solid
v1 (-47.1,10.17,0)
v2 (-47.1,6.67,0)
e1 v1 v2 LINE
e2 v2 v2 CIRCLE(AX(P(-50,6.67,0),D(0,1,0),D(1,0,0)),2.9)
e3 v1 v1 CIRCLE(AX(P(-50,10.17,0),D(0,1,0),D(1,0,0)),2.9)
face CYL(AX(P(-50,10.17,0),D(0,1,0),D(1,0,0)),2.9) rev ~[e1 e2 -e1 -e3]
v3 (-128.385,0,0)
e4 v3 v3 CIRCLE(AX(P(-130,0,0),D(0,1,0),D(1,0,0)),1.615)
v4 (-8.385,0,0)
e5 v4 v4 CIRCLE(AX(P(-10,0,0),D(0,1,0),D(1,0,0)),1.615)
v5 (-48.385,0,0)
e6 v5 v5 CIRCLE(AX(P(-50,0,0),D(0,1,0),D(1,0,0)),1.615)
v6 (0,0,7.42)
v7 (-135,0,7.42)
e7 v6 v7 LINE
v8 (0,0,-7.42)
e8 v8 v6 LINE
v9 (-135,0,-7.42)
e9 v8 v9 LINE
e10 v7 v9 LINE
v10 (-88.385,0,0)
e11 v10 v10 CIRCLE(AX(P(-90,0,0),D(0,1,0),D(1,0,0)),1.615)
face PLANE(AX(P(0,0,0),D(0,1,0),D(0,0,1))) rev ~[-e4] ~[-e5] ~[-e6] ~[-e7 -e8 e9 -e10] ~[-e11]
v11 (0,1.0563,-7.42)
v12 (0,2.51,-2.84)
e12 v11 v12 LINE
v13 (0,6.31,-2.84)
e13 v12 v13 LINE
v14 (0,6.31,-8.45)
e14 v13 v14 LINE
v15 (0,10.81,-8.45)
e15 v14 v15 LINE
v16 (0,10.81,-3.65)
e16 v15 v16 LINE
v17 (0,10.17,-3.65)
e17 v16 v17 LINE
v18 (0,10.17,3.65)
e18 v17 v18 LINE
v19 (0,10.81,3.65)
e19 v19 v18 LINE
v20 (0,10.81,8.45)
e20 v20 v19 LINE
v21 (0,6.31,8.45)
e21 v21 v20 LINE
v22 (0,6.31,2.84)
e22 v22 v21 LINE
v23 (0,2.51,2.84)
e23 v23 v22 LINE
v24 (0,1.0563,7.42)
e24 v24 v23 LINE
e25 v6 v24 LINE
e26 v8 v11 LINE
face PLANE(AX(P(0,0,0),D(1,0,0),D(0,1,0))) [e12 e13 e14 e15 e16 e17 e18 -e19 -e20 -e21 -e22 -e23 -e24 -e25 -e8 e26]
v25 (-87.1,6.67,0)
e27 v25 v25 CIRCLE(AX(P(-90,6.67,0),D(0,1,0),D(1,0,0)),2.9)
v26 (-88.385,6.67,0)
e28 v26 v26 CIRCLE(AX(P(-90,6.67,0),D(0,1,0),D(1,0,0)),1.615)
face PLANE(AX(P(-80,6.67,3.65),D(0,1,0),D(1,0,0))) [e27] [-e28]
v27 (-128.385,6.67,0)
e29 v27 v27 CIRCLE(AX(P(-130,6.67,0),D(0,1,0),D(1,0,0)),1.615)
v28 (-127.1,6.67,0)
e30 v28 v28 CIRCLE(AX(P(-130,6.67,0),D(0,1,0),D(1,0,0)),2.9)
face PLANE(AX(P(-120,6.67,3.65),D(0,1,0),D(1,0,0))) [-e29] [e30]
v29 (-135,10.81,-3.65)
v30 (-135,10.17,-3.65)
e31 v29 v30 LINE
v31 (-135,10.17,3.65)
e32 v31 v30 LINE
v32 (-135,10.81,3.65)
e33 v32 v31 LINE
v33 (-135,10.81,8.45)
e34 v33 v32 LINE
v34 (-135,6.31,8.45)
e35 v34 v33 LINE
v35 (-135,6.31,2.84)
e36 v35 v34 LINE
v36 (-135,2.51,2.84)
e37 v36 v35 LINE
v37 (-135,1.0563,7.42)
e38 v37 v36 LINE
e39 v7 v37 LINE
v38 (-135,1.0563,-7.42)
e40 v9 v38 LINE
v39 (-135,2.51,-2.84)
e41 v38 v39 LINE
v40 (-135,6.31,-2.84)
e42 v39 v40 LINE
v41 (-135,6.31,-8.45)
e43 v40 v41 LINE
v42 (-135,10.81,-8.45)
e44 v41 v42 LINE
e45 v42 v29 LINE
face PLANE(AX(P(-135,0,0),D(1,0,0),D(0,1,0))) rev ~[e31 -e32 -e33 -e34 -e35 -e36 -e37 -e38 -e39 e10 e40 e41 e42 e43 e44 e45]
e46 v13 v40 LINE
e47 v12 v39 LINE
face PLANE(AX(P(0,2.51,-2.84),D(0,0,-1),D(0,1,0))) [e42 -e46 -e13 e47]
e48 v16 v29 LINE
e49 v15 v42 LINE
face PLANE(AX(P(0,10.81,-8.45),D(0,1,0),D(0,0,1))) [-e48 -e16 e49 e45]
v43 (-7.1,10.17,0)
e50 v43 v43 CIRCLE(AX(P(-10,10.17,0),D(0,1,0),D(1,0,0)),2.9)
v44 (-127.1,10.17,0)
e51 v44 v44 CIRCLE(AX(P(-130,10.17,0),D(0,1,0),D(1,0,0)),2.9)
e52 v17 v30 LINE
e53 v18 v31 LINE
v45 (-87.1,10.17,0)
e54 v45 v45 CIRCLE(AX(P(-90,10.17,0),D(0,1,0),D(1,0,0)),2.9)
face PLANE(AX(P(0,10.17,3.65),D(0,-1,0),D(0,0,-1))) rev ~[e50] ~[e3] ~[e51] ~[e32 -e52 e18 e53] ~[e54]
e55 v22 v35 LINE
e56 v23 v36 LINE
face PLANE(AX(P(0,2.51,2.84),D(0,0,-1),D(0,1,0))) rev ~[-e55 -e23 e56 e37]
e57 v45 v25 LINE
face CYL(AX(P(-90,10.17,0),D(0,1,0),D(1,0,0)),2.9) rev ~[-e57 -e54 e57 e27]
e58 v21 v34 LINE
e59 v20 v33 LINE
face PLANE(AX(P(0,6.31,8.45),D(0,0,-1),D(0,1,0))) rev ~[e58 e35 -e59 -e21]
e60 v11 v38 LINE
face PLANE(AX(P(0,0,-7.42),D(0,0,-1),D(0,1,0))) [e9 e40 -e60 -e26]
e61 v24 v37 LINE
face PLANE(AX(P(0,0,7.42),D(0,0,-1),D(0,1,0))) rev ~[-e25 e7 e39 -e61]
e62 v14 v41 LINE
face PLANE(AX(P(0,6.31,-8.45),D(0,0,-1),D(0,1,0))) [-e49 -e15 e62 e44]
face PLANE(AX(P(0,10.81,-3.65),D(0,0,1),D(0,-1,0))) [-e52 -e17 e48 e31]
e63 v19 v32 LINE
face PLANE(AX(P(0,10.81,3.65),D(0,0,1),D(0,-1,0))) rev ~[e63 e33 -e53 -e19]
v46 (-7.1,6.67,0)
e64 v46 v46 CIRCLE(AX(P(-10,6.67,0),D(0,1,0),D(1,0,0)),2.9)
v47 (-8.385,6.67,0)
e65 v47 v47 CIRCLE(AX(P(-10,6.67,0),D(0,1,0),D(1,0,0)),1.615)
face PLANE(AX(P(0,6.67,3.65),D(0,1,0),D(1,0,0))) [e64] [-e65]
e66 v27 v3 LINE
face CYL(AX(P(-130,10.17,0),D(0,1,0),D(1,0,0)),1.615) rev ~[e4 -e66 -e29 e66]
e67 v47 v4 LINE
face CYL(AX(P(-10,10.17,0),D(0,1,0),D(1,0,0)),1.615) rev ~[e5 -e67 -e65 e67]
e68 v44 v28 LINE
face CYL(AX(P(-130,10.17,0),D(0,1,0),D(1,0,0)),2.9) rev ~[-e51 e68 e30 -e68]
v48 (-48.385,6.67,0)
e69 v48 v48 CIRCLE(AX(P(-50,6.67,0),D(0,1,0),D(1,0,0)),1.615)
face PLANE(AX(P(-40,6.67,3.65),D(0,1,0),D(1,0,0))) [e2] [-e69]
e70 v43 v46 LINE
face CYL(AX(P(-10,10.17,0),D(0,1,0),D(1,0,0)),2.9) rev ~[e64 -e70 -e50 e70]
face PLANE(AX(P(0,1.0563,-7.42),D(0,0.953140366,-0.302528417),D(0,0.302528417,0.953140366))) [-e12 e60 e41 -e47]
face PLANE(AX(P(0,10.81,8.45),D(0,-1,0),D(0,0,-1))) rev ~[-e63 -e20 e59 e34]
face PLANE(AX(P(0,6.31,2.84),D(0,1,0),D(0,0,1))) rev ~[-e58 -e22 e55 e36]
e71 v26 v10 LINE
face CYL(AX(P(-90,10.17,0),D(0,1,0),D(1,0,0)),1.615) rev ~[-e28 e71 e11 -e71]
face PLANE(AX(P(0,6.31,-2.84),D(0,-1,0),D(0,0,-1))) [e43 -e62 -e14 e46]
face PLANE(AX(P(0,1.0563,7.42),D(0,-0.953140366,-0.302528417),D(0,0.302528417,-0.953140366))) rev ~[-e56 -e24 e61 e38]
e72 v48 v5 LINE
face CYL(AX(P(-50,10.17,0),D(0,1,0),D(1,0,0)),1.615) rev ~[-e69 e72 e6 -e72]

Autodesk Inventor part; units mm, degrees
ref_plane "YZ Plane" through (0, 0, 0) normal (1, 0, 0) x (0, 1, 0)
ref_plane "XZ Plane" through (0, 0, 0) normal (0, 1, 0) x (-1, 0, 0)
ref_plane "XY Plane" through (0, 0, 0) normal (0, 0, 1) x (1, 0, 0)
sketch "Sketch1" plane through (0, 0, 0) normal (1, 0, 0) x (0, 1, 0)
  line L0 (0, 0) -> (0, -7.42)
  line L1 (0, -7.42) -> (1.0563, -7.42)
  line L2 (1.0563, -7.42) -> (2.51, -2.84)
  line L3 (2.51, -2.84) -> (6.31, -2.84)
  line L4 (6.31, -2.84) -> (6.31, -8.45)
  line L5 (6.31, -8.45) -> (10.81, -8.45)
  line L6 (10.81, -8.45) -> (10.81, -3.65)
  line L7 (10.81, -3.65) -> (10.17, -3.65)
  line L8 (10.17, -3.65) -> (10.17, 0)
  line L9 (0, 0) -> (9.5063, 0) construction
  line L10 (0, 0) -> (0, 7.42)
  line L11 (0, 7.42) -> (1.0563, 7.42)
  line L12 (1.0563, 7.42) -> (2.51, 2.84)
  line L13 (2.51, 2.84) -> (6.31, 2.84)
  line L14 (6.31, 2.84) -> (6.31, 8.45)
  line L15 (6.31, 8.45) -> (10.81, 8.45)
  line L16 (10.81, 8.45) -> (10.81, 3.65)
  line L17 (10.81, 3.65) -> (10.17, 3.65)
  line L18 (10.17, 3.65) -> (10.17, 0)
  dimension "d0" = 8.45
  dimension "d1" = 4.5
  dimension "d2" = 0.64
  dimension "d3" = 3.8
  dimension "d4" = 7.42
  dimension "d5" = 3.65
  dimension "d6" = 10.81
  dimension "d7" = 2.84
extrude "Extrusion1" add sketch "Sketch1" against normal blind 135
sketch "Sketch2" plane through (0, 10.17, 3.65) normal (0, 1, 0) x (1, 0, 0)
  line L0 (0, 3.65) -> (-10, 3.65) construction
  circle A0 centre (-10, 3.65) radius 1.615
  dimension "d10" = 3.23
  dimension "d11" = 10
extrude "Extrusion2" cut sketch "Sketch2" against normal blind 30
sketch "Sketch3" plane through (0, 10.17, 3.65) normal (0, 1, 0) x (1, 0, 0)
  circle A0 centre (-10, 3.65) radius 1.615 projected
  circle A1 centre (-10, 3.65) radius 2.9
  point P0 (0, 3.65)
  dimension "d14" = 5.8
extrude "Extrusion3" cut sketch "Sketch3" against normal blind 3.5
pattern_linear "Rectangular Pattern1" count 8 spacing 40 along (-1, 0, 0) of "Extrusion3", "Extrusion2"
properties part number "Rail"
